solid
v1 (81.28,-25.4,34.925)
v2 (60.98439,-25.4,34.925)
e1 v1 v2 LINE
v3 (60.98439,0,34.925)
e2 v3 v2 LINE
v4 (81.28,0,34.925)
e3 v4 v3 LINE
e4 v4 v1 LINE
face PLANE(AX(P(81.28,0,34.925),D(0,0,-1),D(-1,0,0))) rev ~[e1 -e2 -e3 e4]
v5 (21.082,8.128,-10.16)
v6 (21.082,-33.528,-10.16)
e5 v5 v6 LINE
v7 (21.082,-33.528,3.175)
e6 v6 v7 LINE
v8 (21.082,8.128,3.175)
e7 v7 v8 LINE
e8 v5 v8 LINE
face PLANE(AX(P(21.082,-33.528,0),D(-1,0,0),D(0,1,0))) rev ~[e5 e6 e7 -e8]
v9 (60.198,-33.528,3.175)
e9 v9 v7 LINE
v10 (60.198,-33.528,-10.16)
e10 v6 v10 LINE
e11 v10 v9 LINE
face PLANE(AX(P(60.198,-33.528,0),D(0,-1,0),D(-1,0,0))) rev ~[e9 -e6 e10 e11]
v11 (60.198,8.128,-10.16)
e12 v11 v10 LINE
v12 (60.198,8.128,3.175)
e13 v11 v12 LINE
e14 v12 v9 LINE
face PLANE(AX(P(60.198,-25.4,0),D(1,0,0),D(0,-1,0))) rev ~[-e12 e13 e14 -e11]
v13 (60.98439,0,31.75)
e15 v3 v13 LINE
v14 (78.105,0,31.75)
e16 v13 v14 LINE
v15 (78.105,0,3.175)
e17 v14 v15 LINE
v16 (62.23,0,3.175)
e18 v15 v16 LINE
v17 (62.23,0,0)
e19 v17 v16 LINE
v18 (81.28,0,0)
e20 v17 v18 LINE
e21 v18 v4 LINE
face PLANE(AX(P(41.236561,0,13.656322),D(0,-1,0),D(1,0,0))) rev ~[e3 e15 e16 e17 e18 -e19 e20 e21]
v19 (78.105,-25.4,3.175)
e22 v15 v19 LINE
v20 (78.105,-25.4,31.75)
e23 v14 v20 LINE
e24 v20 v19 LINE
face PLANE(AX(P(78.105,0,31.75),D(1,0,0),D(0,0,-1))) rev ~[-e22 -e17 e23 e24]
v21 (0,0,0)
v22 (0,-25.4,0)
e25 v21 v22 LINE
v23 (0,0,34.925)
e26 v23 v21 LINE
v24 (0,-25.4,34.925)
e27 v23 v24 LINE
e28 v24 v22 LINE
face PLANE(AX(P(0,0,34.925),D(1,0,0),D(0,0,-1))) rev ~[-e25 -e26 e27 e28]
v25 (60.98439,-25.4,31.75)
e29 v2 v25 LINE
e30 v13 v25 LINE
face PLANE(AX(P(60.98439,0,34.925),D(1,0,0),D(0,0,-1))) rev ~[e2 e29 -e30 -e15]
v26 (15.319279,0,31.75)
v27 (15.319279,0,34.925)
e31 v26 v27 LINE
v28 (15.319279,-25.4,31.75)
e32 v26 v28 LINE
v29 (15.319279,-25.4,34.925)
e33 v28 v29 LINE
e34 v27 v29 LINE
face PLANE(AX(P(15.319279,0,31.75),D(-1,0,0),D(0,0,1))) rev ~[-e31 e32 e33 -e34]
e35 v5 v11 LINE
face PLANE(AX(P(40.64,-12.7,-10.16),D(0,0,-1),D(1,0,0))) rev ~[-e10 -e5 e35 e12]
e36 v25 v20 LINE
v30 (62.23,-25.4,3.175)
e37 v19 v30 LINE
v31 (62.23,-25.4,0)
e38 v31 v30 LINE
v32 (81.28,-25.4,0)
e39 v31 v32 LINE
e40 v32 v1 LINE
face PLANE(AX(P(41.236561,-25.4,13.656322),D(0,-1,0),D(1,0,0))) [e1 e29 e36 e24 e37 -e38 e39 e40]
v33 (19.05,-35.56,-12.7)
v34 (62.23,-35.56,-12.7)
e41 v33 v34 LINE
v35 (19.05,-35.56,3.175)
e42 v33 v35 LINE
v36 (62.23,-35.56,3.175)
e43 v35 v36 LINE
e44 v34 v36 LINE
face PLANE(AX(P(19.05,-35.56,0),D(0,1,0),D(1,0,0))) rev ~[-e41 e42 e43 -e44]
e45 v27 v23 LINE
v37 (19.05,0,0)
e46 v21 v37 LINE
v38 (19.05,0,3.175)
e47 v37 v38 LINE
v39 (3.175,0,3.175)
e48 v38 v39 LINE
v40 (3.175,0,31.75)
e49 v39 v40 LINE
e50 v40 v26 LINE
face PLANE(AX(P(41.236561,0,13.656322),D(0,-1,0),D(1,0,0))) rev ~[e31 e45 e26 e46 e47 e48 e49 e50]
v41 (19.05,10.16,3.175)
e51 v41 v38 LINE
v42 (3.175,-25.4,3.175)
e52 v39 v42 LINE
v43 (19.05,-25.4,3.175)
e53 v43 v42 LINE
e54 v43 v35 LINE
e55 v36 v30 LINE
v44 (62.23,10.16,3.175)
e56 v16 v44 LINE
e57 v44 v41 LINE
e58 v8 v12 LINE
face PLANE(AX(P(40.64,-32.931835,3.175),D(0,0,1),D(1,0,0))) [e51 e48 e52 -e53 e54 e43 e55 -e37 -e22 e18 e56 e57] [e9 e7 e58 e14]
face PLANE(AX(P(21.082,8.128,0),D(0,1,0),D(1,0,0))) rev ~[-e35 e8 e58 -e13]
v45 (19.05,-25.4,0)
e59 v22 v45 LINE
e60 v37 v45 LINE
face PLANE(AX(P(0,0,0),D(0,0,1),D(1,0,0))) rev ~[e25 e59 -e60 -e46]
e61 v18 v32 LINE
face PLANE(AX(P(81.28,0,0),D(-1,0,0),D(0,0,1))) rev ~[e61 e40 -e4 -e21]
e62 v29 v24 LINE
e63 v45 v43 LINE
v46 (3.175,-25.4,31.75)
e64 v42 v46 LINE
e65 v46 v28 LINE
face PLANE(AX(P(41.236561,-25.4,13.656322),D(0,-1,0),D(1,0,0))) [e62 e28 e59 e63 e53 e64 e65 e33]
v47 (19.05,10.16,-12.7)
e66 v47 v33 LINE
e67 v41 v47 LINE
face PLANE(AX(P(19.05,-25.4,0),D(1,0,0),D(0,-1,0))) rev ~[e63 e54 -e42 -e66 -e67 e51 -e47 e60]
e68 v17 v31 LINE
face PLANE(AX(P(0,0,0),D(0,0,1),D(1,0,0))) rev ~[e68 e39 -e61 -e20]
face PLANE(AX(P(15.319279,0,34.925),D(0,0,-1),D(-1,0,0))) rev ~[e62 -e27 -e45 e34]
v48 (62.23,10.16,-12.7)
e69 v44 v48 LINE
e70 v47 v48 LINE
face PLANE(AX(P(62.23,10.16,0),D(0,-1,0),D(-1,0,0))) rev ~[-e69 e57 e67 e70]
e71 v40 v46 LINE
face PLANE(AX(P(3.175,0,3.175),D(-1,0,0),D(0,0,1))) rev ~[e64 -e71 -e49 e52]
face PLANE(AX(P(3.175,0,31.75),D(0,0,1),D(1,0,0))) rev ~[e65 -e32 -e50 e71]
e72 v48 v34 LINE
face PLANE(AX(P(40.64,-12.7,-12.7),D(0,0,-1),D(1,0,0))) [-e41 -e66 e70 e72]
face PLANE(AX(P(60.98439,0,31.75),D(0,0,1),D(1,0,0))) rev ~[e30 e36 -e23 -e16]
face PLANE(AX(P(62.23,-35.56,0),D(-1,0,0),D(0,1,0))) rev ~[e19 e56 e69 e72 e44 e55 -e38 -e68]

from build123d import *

# Parameters (mm, degrees)
F1_DEPTH  = 25.4
F2_W      = 43.18
F2_H      = 45.72
F2_W_2    = 39.116
F2_H_2    = 41.656
F3_DEPTH  = 10.16
F4_W      = 43.18
F4_H      = 45.72
F5_DEPTH  = 2.54
F6_W      = 39.116
F6_H      = 3.175
F7_DEPTH  = 25.4
F9_DEPTH  = 3.175
F11_DEPTH = 3.175


with BuildPart() as f1:
    # F0 (on Front) → F1 (new body)
    with BuildSketch(Plane.XZ):
        Polygon((0, 34.925), (0, 0), (81.28, 0), (81.28, 34.925), (60.98439, 34.925), (60.98439, 31.75), (78.105, 31.75), (78.105, 3.175), (3.175, 3.175), (3.175, 31.75), (15.319279, 31.75), (15.319279, 34.925), align=None)
    extrude(amount=F1_DEPTH)

    # F2 (on face) → F3 (join)
    with BuildSketch(Plane(origin=(0, 0, 0), x_dir=(1, 0, 0), z_dir=(0, 0, -1))):
        with Locations((40.64, 12.7)):
            Rectangle(F2_W, F2_H)
        with Locations((40.64, 12.7)):
            Rectangle(F2_W_2, F2_H_2, mode=Mode.SUBTRACT)
    extrude(amount=F3_DEPTH)

    # F4 (on face) → F5 (join)
    with BuildSketch(Plane(origin=(0, 0, -10.16), x_dir=(1, 0, 0), z_dir=(0, 0, -1))):
        with Locations((40.64, 12.7)):
            Rectangle(F4_W, F4_H)
    extrude(amount=F5_DEPTH)

    # F6 (on face) → F7 (cut)
    with BuildSketch(Plane(origin=(0, 0, 0), x_dir=(-1, 0, 0), z_dir=(0, 1, 0))):
        with Locations((-40.64, 1.5875)):
            Rectangle(F6_W, F6_H)
    extrude(amount=-F7_DEPTH, mode=Mode.SUBTRACT)

    # F8 (on face) → F9 (join)
    with BuildSketch(Plane.XY):
        Polygon((19.05, 10.16), (19.05, 0), (21.082, 0), (21.082, 8.128), (60.198, 8.128), (60.198, 0), (62.23, 0), (62.23, 10.16), align=None)
    extrude(amount=F9_DEPTH)

    # F10 (on face) → F11 (join)
    with BuildSketch(Plane.XY):
        Polygon((21.082, -25.4), (19.05, -25.4), (19.05, -35.56), (62.23, -35.56), (62.23, -25.4), (60.198, -25.4), (60.198, -33.528), (21.082, -33.528), align=None)
    extrude(amount=F11_DEPTH)


solid = f1.part
